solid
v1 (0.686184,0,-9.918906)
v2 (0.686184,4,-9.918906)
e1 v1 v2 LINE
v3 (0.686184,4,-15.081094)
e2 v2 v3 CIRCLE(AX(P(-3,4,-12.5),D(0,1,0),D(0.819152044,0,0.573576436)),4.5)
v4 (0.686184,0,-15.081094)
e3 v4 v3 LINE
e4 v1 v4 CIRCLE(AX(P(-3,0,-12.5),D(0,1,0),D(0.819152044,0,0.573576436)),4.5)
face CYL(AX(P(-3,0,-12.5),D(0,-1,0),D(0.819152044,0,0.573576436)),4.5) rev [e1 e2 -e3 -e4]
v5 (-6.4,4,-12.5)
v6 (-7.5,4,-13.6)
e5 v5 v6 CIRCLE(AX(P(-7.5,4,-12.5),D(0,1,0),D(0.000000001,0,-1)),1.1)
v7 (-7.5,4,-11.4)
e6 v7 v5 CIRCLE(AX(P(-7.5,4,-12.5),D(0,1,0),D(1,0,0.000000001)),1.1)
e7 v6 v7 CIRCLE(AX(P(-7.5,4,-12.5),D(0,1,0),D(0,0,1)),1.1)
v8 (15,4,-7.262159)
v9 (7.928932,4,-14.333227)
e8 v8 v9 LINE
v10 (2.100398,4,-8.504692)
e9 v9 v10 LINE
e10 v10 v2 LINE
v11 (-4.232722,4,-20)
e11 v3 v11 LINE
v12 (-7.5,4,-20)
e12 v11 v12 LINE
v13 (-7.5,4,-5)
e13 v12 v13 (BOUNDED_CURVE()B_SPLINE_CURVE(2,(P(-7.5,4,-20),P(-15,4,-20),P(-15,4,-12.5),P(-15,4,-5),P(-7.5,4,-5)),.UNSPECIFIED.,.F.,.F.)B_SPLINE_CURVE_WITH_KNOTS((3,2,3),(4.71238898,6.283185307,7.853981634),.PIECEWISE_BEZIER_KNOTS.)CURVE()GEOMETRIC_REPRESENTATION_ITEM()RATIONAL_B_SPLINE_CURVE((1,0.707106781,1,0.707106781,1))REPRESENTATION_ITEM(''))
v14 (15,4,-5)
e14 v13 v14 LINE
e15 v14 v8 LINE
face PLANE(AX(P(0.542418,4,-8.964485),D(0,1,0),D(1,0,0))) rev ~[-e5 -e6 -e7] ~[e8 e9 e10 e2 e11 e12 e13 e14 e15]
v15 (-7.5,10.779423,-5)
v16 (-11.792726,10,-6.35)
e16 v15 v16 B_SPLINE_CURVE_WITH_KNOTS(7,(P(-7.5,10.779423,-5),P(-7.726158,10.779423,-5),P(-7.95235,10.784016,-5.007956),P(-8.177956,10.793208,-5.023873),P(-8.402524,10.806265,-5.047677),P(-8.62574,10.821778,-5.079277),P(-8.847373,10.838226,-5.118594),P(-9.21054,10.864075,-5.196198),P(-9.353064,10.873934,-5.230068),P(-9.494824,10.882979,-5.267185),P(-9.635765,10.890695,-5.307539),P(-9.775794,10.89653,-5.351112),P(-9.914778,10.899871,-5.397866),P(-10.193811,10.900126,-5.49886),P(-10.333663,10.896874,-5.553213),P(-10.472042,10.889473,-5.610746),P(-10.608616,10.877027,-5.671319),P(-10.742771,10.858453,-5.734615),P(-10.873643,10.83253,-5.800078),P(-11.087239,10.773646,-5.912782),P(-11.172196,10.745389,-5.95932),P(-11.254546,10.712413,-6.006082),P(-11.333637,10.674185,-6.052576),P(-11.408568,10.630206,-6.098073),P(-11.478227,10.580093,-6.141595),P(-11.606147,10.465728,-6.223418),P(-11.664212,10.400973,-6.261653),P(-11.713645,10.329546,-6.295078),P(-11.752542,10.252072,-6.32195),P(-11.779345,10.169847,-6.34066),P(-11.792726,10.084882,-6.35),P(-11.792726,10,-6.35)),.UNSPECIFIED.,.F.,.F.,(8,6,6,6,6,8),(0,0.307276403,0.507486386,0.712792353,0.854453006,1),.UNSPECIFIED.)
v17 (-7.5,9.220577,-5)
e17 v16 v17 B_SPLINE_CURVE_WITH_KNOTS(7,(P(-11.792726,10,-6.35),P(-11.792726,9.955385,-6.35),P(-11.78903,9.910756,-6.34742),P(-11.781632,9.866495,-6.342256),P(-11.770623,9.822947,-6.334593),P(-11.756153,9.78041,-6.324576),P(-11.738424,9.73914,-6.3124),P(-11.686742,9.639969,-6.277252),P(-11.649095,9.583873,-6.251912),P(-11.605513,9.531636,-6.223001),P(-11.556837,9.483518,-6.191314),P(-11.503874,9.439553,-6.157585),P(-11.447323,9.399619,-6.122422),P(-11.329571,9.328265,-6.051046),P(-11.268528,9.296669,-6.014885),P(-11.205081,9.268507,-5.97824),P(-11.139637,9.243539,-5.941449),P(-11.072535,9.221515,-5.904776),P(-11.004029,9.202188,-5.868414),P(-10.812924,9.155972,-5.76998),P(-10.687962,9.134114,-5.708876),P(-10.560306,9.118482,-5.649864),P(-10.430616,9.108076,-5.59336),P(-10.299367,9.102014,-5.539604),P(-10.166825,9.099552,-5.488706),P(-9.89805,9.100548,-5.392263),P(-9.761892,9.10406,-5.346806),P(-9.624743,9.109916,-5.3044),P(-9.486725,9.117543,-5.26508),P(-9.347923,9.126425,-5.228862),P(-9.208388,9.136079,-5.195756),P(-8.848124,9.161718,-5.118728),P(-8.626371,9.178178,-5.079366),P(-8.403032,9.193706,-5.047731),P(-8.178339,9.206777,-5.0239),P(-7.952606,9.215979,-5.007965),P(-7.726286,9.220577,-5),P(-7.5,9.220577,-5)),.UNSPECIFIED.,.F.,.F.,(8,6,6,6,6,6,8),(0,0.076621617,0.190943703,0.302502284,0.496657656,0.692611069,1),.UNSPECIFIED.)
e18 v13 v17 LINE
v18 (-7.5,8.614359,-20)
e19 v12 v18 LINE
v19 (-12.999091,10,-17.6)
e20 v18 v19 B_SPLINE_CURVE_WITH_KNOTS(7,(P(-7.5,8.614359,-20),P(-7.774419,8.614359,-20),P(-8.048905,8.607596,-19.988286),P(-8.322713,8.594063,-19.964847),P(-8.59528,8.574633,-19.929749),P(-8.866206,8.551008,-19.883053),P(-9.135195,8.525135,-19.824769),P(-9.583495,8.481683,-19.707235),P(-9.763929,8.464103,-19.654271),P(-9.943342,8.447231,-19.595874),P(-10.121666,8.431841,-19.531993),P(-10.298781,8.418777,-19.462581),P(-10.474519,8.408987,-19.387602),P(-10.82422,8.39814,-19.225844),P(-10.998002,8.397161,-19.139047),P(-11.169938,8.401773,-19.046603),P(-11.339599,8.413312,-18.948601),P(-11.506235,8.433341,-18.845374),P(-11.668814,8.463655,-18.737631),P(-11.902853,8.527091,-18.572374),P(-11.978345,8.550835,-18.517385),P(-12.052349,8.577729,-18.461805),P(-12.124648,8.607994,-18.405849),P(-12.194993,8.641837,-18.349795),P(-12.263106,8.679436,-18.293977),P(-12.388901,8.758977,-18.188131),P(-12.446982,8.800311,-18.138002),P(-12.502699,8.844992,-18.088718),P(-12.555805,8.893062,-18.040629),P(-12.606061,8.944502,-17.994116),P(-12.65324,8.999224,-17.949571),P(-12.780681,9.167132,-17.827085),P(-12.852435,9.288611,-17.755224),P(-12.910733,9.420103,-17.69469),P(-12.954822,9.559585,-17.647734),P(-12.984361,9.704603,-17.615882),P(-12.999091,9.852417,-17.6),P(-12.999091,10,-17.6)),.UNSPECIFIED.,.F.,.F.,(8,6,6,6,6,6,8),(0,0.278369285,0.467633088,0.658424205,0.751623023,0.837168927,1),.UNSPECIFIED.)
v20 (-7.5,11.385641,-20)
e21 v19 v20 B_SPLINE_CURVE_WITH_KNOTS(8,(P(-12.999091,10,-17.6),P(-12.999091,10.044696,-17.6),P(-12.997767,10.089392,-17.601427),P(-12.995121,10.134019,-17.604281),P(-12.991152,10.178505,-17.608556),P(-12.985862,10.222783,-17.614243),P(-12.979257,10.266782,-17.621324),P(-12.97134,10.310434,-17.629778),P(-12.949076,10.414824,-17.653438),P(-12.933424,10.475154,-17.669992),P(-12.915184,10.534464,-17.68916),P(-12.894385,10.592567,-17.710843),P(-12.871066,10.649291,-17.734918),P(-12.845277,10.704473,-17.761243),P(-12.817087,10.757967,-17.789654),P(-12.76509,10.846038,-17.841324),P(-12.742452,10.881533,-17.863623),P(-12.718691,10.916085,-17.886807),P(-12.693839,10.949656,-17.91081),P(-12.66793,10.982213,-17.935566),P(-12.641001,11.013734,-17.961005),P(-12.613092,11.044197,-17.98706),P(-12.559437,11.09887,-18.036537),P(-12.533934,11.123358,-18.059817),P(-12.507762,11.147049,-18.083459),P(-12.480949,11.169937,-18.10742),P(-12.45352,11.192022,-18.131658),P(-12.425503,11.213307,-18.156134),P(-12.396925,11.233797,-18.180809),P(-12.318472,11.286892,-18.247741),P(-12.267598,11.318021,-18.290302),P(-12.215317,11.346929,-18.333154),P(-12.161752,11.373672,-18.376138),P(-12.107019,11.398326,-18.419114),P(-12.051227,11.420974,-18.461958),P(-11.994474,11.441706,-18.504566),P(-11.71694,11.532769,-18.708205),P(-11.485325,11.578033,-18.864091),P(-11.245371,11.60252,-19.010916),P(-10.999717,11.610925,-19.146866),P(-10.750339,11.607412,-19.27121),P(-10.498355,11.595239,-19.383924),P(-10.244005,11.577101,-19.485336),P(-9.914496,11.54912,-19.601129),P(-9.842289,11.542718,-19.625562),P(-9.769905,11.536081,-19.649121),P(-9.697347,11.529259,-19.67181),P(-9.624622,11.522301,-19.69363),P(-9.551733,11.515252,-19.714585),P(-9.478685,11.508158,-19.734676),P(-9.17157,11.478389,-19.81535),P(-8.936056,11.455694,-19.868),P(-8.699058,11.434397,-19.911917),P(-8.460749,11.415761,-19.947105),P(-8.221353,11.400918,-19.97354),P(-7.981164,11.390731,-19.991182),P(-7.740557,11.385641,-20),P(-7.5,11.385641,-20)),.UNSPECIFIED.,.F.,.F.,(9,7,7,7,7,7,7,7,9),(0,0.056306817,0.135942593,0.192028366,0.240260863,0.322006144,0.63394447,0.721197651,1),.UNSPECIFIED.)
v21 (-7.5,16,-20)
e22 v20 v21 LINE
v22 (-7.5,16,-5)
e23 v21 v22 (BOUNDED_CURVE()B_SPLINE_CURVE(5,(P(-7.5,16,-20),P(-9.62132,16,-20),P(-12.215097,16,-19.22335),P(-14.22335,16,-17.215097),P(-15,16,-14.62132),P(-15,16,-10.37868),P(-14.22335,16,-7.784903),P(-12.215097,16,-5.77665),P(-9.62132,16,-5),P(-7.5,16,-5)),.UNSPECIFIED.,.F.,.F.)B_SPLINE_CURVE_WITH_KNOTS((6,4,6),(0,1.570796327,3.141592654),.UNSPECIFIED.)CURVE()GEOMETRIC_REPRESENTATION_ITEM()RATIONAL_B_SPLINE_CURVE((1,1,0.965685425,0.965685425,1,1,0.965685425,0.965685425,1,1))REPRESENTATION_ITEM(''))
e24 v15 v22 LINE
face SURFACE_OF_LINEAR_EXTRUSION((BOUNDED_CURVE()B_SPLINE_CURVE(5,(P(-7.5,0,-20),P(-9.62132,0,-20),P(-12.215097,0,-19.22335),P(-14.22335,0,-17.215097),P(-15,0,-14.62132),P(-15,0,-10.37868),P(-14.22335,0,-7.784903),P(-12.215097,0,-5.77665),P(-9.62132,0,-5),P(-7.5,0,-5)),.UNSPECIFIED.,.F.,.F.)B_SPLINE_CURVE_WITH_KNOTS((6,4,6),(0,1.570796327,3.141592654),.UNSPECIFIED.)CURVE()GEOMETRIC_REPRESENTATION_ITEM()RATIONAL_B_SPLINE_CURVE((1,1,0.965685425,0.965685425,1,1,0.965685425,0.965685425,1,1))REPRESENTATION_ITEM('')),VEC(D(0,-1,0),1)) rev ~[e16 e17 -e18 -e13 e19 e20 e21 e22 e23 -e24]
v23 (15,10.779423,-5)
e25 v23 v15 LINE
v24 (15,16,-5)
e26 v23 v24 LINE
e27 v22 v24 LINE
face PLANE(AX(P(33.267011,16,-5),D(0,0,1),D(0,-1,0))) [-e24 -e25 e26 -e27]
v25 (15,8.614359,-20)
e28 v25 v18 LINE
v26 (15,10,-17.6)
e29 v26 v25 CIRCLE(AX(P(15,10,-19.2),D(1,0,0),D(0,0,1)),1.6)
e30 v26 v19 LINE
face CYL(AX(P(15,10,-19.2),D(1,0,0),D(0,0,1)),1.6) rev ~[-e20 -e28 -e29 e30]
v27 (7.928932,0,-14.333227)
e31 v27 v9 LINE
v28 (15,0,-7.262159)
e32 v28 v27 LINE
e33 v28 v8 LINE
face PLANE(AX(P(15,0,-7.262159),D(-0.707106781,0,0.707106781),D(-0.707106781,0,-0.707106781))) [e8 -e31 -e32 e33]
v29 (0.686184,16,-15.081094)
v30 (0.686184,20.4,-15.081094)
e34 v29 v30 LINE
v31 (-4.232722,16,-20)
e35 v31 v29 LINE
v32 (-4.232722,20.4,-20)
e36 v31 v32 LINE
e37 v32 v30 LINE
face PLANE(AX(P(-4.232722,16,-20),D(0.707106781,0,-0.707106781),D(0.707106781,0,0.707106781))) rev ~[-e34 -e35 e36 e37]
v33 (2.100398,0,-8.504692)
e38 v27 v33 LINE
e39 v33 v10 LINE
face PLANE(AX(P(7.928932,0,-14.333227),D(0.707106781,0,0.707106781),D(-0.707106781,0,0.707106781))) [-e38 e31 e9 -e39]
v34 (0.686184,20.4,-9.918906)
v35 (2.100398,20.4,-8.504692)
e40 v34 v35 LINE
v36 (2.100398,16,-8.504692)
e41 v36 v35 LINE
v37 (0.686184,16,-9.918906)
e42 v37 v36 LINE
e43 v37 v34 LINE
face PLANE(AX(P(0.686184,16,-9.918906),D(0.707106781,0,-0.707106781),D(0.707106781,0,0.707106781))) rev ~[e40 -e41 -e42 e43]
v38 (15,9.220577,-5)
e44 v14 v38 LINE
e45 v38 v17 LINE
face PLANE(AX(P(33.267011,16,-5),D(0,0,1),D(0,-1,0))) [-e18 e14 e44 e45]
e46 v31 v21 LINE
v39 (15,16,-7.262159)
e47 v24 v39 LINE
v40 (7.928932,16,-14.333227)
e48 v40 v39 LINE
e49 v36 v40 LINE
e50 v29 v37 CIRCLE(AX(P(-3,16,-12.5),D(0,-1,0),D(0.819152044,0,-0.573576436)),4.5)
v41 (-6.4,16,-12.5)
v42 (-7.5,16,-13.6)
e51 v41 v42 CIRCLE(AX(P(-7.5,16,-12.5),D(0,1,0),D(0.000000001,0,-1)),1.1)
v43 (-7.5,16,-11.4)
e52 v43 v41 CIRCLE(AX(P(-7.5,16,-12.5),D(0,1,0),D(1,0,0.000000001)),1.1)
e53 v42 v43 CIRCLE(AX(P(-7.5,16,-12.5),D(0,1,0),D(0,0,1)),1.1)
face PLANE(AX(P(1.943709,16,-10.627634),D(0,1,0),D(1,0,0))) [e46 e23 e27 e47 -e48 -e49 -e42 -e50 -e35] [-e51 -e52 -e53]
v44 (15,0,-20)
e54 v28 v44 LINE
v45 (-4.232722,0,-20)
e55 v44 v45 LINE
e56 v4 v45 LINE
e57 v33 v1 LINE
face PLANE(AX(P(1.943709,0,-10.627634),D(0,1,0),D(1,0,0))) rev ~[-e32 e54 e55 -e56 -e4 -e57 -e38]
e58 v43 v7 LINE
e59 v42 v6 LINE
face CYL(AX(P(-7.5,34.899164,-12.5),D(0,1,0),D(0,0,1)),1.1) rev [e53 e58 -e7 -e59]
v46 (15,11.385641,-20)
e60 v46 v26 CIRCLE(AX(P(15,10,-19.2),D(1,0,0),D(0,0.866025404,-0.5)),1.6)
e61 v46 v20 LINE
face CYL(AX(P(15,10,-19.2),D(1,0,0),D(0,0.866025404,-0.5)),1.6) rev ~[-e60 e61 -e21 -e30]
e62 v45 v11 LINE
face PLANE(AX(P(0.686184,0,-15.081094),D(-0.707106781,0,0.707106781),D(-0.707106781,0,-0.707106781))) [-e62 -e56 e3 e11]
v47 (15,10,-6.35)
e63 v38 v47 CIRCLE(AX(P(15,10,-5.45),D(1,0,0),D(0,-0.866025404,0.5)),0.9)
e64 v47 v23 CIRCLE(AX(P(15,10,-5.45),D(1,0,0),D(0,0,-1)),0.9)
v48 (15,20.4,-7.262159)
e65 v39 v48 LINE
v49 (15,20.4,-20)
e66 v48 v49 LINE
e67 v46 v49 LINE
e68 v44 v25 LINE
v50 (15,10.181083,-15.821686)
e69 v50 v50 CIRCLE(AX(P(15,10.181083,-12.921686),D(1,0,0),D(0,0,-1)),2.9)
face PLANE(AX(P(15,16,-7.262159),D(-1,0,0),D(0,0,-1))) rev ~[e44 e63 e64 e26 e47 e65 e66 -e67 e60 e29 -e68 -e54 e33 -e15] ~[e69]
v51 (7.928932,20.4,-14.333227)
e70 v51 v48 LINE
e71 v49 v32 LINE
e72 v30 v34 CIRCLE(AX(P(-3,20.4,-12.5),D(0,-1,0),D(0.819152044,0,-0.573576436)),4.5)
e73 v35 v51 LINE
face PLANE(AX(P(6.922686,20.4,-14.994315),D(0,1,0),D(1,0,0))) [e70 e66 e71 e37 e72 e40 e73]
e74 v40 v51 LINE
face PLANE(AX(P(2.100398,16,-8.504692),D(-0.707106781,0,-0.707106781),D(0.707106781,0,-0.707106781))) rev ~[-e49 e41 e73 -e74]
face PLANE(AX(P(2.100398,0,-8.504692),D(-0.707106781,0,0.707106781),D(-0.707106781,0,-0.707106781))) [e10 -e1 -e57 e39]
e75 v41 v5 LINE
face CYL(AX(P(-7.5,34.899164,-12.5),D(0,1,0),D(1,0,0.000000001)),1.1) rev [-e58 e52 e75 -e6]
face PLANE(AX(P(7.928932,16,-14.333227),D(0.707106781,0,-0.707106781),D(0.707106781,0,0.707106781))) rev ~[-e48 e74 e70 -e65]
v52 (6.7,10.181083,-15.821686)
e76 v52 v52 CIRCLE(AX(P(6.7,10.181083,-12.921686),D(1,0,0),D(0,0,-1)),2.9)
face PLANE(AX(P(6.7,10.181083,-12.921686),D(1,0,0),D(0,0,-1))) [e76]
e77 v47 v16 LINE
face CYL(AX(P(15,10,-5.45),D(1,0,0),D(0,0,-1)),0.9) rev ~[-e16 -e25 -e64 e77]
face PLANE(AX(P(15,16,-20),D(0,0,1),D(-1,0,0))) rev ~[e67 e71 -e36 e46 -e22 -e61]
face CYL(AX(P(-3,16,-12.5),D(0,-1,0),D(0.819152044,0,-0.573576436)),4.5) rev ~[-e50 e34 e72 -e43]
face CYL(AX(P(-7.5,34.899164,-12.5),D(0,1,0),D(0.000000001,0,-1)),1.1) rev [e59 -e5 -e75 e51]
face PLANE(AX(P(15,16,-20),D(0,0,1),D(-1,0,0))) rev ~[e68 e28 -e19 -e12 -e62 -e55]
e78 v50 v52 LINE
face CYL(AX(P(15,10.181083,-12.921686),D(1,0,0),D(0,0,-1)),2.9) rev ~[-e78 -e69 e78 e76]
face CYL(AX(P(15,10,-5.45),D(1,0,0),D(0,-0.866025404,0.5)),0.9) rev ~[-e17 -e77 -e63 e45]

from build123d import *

# Parameters (mm, degrees)
BOSS_EXTRUDE1_DEPTH                  = 16
CUT_EXTRUDE1_DEPTH                   = 4
CUT_EXTRUDE3_DEPTH                   = 30.681644331
BOSS_EXTRUDE2_DEPTH                  = 4.4
CUT_EXTRUDE9_DEPTH                   = 33.267011126
CUT_EXTRUDE9_DEPTH_BACK              = 33.267011126
CUT_EXTRUDE10_DEPTH                  = 30.899163985
CUT_EXTRUDE10_DEPTH_BACK             = 30.899163985
SKETCH15_R                           = 2.9
RUTHEX_M3_HOLE_DEPTH                 = 8.3
F_1_6MM_PTFE_TUBE_CLAMP_CUTOUT_DEPTH = 42.426561648


with BuildPart() as part:
    # Sketch1 → Boss-Extrude1 (new body)
    with BuildSketch(Plane(origin=(0, 0, 0), x_dir=(1, 0, 0), z_dir=(0, 1, 0))):
        with BuildLine():
            Line((0, 0), (15, 0))
            Line((15, 0), (15, 20))
            Line((15, 20), (-7.5, 20))
            add(Edge.make_bspline(
                [(-7.5, 20), (-15, 20), (-15, 12.5)],
                knots=[0, 0, 0, 1.570796327, 1.570796327, 1.570796327], degree=2, weights=[1, 0.707106781, 1]))
            add(Edge.make_bspline(
                [(-15, 12.5), (-15, 5), (-7.5, 5)],
                knots=[3.141592654, 3.141592654, 3.141592654, 4.71238898, 4.71238898, 4.71238898], degree=2, weights=[1, 0.707106781, 1]))
            Line((-7.5, 5), (0, 5))
            Line((0, 5), (0, 0))
        make_face()
    extrude(amount=BOSS_EXTRUDE1_DEPTH)

    # Sketch4 → Cut-Extrude1 (cut)
    with BuildSketch(Plane(origin=(0, 0, 0), x_dir=(1, 0, 0), z_dir=(0, 1, 0))):
        with BuildLine():
            Line((7.928932188, 14.333226901), (2.100397762, 8.504692474))
            Line((2.100397762, 8.504692474), (0.686184199, 9.918906036))
            ThreePointArc((0.686184199, 9.918906036), (1.5, 12.5), (0.686184199, 15.081093964))
            Line((0.686184199, 15.081093964), (-4.232721837, 20))
            Line((-4.232721837, 20), (-7.5, 20))
            add(Edge.make_bspline(
                [(-7.5, 20), (-15, 20), (-15, 12.5), (-15, 5), (-7.5, 5)],
                knots=[4.71238898, 4.71238898, 4.71238898, 6.283185307, 6.283185307, 7.853981634, 7.853981634, 7.853981634], degree=2, weights=[1, 0.707106781, 1, 0.707106781, 1]))
            Line((-7.5, 5), (0, 5))
            Line((0, 5), (0, 0))
            Line((0, 0), (15, 0))
            Line((15, 0), (15, 7.262159089))
            Line((15, 7.262159089), (7.928932188, 14.333226901))
        make_face()
    extrude(amount=CUT_EXTRUDE1_DEPTH, mode=Mode.SUBTRACT)

    # Sketch6 → Cut-Extrude3 (cut, through all)
    with BuildSketch(Plane(origin=(0, 0, 0), x_dir=(0, 0, -1), z_dir=(1, 0, 0))):
        Polygon((0, 10), (0, 10.5), (4.59413535, 10.5), (4.59413535, 5.5), (0, 5.5), align=None)
    extrude(amount=CUT_EXTRUDE3_DEPTH, mode=Mode.SUBTRACT)

    # Sketch12 → Boss-Extrude2 (add)
    with BuildSketch(Plane(origin=(0, 16, 0), x_dir=(1, 0, 0), z_dir=(0, 1, 0))):
        with BuildLine():
            Line((7.928932188, 14.333226901), (15, 7.262159089))
            Line((15, 7.262159089), (15, 20))
            Line((15, 20), (-4.232721837, 20))
            Line((-4.232721837, 20), (0.686184199, 15.081093964))
            ThreePointArc((0.686184199, 15.081093964), (1.5, 12.5), (0.686184199, 9.918906036))
            Line((0.686184199, 9.918906036), (2.100397762, 8.504692474))
            Line((2.100397762, 8.504692474), (7.928932188, 14.333226901))
        make_face()
    extrude(amount=BOSS_EXTRUDE2_DEPTH)

    # Sketch13 → Cut-Extrude9 (cut, two sides: drawn at the far end of the back side and taken through both)
    with BuildSketch(Plane.ZY.offset(-CUT_EXTRUDE9_DEPTH_BACK)):
        Polygon((0, 5.5), (-4.59413535, 5.5), (-4.59413535, 10.5), (0, 10.5), (0, 16), (-5, 16), (-5, 4), (0, 4), align=None)
    extrude(amount=CUT_EXTRUDE9_DEPTH + CUT_EXTRUDE9_DEPTH_BACK, mode=Mode.SUBTRACT)

    # Sketch14 → Cut-Extrude10 (cut, two sides: drawn at the far end of the back side and taken through both)
    with BuildSketch(Plane.XZ.offset(-4).offset(-CUT_EXTRUDE10_DEPTH_BACK)):
        with BuildLine():
            ThreePointArc((-6.4, -12.5), (-6.722182541, -11.722182541), (-7.5, -11.4))
            Line((-7.5, -11.4), (-7.5, -12.5))
            Line((-7.5, -12.5), (-7.5, -13.6))
            ThreePointArc((-7.5, -13.6), (-6.722182541, -13.277817459), (-6.4, -12.5))
        make_face()
        with BuildLine():
            Line((-7.5, -12.5), (-7.5, -11.4))
            ThreePointArc((-7.5, -11.4), (-8.6, -12.5), (-7.5, -13.6))
            Line((-7.5, -13.6), (-7.5, -12.5))
        make_face()
    extrude(amount=CUT_EXTRUDE10_DEPTH + CUT_EXTRUDE10_DEPTH_BACK, mode=Mode.SUBTRACT)

    # Sketch15 → ruthex_m3_hole (cut)
    with BuildSketch(Plane(origin=(15, 0, 0), x_dir=(0, 0, -1), z_dir=(1, 0, 0))):
        with Locations((12.921686396, 10.181082849)):
            Circle(SKETCH15_R)
    extrude(amount=-RUTHEX_M3_HOLE_DEPTH, mode=Mode.SUBTRACT)

    # Sketch16 → 1.6mm_PTFE_tube_clamp_cutout (cut, through all)
    with BuildSketch(Plane(origin=(15, 0, 0), x_dir=(0, 0, -1), z_dir=(1, 0, 0))):
        with BuildLine():
            Line((5, 10.779422863), (5, 10))
            Line((5, 10), (6.35, 10))
            ThreePointArc((6.35, 10), (5.9, 10.779422863), (5, 10.779422863))
        make_face()
        with BuildLine():
            Line((6.35, 10), (5, 10))
            Line((5, 10), (5, 9.220577137))
            ThreePointArc((5, 9.220577137), (5.9, 9.220577137), (6.35, 10))
        make_face()
        with BuildLine():
            ThreePointArc((20, 11.385640646), (18.4, 11.385640646), (17.6, 10))
            Line((17.6, 10), (20, 10))
            Line((20, 10), (20, 11.385640646))
        make_face()
        with BuildLine():
            Line((20, 10), (17.6, 10))
            ThreePointArc((17.6, 10), (18.4, 8.614359354), (20, 8.614359354))
            Line((20, 8.614359354), (20, 10))
        make_face()
    extrude(amount=-F_1_6MM_PTFE_TUBE_CLAMP_CUTOUT_DEPTH, mode=Mode.SUBTRACT)


solid = part.part
